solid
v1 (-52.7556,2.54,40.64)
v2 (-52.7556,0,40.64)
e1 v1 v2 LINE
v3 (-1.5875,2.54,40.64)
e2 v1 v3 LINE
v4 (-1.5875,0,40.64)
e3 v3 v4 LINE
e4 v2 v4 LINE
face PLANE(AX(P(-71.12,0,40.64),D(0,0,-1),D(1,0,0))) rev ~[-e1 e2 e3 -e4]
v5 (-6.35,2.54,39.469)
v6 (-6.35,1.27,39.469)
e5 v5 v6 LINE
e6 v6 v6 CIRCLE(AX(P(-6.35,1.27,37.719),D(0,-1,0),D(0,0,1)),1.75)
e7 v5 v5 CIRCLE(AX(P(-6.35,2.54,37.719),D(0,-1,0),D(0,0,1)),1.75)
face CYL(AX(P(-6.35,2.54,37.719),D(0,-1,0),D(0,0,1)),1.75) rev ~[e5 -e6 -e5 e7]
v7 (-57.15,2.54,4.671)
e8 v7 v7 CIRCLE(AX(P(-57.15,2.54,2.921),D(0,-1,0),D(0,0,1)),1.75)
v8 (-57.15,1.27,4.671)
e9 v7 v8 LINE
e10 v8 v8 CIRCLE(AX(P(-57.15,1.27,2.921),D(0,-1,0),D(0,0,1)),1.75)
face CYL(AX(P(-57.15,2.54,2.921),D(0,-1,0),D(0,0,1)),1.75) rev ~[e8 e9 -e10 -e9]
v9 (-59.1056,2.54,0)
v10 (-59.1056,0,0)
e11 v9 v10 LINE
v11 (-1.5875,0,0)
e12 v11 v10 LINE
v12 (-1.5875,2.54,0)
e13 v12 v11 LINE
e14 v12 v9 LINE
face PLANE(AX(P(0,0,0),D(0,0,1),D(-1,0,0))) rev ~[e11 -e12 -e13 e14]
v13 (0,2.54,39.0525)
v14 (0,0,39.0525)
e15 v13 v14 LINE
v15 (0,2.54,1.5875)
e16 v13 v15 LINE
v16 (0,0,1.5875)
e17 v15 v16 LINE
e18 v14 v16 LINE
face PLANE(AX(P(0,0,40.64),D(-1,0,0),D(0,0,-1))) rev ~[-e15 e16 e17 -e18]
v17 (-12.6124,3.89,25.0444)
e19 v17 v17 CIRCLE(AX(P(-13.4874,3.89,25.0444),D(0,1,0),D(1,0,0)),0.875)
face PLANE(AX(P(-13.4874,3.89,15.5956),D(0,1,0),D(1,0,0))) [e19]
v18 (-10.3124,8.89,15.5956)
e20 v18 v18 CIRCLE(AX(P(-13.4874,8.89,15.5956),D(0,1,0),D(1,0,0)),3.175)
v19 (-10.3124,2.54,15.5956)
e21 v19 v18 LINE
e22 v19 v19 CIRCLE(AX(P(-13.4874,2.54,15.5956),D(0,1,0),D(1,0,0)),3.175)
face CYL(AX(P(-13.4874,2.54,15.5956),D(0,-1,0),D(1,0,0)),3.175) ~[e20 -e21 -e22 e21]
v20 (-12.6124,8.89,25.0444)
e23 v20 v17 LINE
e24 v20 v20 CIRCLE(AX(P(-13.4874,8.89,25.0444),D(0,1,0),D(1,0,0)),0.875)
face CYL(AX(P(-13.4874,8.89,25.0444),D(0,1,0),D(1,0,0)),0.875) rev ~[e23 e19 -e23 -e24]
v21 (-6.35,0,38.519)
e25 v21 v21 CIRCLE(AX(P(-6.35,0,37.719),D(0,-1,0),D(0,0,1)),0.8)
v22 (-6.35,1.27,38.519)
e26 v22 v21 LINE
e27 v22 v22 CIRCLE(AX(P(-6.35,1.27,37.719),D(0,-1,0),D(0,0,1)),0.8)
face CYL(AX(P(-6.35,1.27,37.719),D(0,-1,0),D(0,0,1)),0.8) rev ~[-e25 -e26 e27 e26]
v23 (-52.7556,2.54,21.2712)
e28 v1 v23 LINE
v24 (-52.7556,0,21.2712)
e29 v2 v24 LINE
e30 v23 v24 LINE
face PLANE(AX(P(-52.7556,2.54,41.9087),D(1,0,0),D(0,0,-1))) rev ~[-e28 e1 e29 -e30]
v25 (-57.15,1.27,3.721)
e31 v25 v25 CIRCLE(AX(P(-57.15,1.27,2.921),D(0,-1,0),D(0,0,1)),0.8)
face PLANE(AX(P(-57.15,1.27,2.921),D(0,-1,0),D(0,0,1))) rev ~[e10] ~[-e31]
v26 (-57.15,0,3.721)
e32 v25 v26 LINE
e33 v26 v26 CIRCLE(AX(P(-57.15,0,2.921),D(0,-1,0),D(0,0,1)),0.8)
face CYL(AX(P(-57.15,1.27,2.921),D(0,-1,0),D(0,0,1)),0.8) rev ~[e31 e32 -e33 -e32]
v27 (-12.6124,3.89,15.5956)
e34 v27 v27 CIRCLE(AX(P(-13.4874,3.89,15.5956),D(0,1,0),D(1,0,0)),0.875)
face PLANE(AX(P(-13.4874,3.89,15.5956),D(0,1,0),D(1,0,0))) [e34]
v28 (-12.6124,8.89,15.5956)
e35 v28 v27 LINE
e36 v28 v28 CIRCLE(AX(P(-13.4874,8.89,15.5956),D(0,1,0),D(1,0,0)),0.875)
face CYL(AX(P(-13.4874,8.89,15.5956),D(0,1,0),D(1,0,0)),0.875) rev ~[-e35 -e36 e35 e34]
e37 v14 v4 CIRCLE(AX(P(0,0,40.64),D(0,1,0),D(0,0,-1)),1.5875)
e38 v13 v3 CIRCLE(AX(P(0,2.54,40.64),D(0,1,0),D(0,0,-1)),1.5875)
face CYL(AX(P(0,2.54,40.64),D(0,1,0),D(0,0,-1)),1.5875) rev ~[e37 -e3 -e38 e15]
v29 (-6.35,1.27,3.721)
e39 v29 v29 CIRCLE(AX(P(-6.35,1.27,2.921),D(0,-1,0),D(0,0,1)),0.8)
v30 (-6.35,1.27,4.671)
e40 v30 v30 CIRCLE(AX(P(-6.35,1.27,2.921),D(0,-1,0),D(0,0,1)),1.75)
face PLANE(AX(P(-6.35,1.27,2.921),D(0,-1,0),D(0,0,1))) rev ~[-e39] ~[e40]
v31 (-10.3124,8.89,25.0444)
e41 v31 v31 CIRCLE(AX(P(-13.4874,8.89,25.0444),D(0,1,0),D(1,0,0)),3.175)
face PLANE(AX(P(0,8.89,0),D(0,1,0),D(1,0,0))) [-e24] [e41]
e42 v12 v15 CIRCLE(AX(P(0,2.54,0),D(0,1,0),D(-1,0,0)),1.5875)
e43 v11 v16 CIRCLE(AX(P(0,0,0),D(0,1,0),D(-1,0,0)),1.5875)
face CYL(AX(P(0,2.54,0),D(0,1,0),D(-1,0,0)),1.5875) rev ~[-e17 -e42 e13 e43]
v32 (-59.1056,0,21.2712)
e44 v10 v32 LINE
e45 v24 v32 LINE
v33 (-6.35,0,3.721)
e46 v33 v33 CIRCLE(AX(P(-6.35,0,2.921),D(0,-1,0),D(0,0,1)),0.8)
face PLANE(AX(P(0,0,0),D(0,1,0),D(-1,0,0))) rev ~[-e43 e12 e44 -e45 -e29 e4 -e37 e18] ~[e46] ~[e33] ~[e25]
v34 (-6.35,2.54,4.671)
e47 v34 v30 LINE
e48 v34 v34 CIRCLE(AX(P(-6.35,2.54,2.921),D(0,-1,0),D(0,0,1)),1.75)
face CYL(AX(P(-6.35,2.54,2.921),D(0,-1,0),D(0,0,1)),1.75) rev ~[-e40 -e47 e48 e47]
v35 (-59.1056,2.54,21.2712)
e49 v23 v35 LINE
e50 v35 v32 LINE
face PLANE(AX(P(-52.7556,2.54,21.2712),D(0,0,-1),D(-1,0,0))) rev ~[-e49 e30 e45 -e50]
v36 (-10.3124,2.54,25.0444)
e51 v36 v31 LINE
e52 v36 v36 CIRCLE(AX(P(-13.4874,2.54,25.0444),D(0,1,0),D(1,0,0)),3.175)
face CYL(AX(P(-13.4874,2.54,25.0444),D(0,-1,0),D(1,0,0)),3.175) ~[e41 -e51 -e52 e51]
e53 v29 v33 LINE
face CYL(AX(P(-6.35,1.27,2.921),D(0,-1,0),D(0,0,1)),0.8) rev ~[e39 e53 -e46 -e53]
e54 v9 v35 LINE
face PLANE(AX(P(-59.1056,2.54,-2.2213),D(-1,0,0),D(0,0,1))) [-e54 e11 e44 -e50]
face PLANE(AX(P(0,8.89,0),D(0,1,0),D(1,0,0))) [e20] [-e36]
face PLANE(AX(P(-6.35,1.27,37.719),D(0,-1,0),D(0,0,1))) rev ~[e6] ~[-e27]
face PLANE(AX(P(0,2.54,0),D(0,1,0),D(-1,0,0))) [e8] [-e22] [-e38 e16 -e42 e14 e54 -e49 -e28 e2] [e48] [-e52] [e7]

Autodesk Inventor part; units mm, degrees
ref_plane "YZ Plane" through (0, 0, 0) normal (1, 0, 0) x (0, 1, 0)
ref_plane "XZ Plane" through (0, 0, 0) normal (0, 1, 0) x (-1, 0, 0)
ref_plane "XY Plane" through (0, 0, 0) normal (0, 0, 1) x (1, 0, 0)
sketch "Sketch1" plane through (0, 0, 0) normal (0, 1, 0) x (-1, 0, 0)
  line L0 (0, 0) -> (71.12, 0)
  line L1 (71.12, 0) -> (71.12, 40.64)
  line L2 (71.12, 40.64) -> (0, 40.64)
  line L3 (0, 40.64) -> (0, 0)
  dimension "d0" = 71.12
  dimension "d1" = 40.64
extrude "Extrusion1" add sketch "Sketch1" along normal blind 2.54
sketch "Sketch8" plane through (0, 2.54, 0) normal (0, 1, 0) x (1, 0, 0)
  line L0 (0, -40.64) -> (0, 0) projected
  circle A0 centre (-6.35, -37.719) radius 0.8
  circle A1 centre (-6.35, -2.921) radius 0.8
  circle A2 centre (-57.15, -2.921) radius 0.8
  circle A3 centre (-57.15, -37.719) radius 0.8
  dimension "d75" = 1.6
  dimension "d76" = 1.6
  dimension "d77" = 1.6
  dimension "d78" = 1.6
  dimension "d79" = 6.35
  dimension "d108" = 50.8
hole "Hole2" at (-57.15, 2.54, 2.921) at (-57.15, 2.54, 37.719) at (-6.35, 2.54, 37.719) at (-6.35, 2.54, 2.921) direction (0, -1, 0) diameter 1.6 end through all counterbore diameter 3.5 counterbore depth 1.27
sketch "Sketch9" plane through (0, 2.54, 0) normal (0, 1, 0) x (1, 0, 0)
  line L0 (0, 0) -> (-71.12, 0) projected
  line L1 (-71.12, 0) -> (-71.12, -40.64) projected
  line L2 (0, -40.64) -> (0, 0) projected
  arc A0 (0, -39.0525) -> (-1.5875, -40.64) centre (0, -40.64) ccw
  arc A1 (-1.5875, 0) -> (0, -1.5875) centre (0, 0) ccw
  arc A2 (-69.5325, -40.64) -> (-71.12, -39.0525) centre (-71.12, -40.64) ccw
  arc A3 (-71.12, -1.5875) -> (-69.5325, 0) centre (-71.12, 0) ccw
  line L3 (-1.5875, 0) -> (0, 0)
  line L4 (0, 0) -> (0, -1.5875)
  line L5 (0, -39.0525) -> (0, -40.64)
  line L6 (0, -40.64) -> (-1.5875, -40.64)
  line L7 (-69.5325, -40.64) -> (-71.12, -40.64)
  line L8 (-71.12, -40.64) -> (-71.12, -39.0525)
  line L9 (-69.5325, 0) -> (-71.12, 0)
  line L10 (-71.12, 0) -> (-71.12, -1.5875)
  point P0 (-69.85, -7.9375)
  dimension "d87" = 1.5875
  dimension "d89" = 1.5875
  dimension "d90" = 1.5875
  dimension "d91" = 1.5875
extrude "Extrusion9" cut sketch "Sketch9" against normal through all
sketch "Sketch10" plane through (0, 2.54, 0) normal (0, 1, 0) x (1, 0, 0)
  circle A0 centre (-13.4874, -15.5956) radius 3.175
  circle A1 centre (-13.4874, -25.0444) radius 3.175
  line L0 (0, -39.0525) -> (0, -1.5875) projected
  line L1 (-1.5875, 0) -> (-69.5325, 0) projected
  dimension "d95" = 6.35
  dimension "d96" = 6.35
  dimension "d122" = 13.4874
  dimension "d123" = 13.4874
  dimension "d125" = 9.4488
  dimension "d126" = 15.5956
extrude "Extrusion10" add sketch "Sketch10" along normal blind 6.35
sketch "Sketch11" plane through (-13.4874, 8.89, 15.5956) normal (0, 1, 0) x (1, 0, 0)
  circle A0 centre (0, 0) radius 3.175 projected
  circle A1 centre (0, -9.4488) radius 3.175 projected
  circle A2 centre (0, 0) radius 0.875
  circle A3 centre (0, -9.4488) radius 0.875
  line L0 (0, -12.6238) -> (17.5736, -12.6238)
  point P0 (13.4874, 15.5956)
  dimension "d106" = 1.75
  dimension "d107" = 1.75
sketch "Sketch12" plane through (0, 2.54, 0) normal (0, 1, 0) x (1, 0, 0)
  line L0 (-71.12, -1.5875) -> (-71.12, -39.0525) projected
  line L1 (-71.12, 2.2213) -> (-59.1056, 2.2213)
  line L2 (-59.1056, -41.9087) -> (-71.12, -41.9087)
  line L3 (-71.12, -41.9087) -> (-71.12, 2.2213)
  line L4 (0, -39.0525) -> (0, -1.5875) projected
  line L5 (-59.1056, -41.9087) -> (-52.7556, -41.9087)
  line L6 (-52.7556, -41.9087) -> (-52.7556, -21.2712)
  line L7 (-52.7556, -21.2712) -> (-59.1056, -21.2712)
  line L8 (-59.1056, 2.2213) -> (-59.1056, -21.2712)
  dimension "d128" = 20.6375
  dimension "d129" = 6.35
extrude "Extrusion11" cut sketch "Sketch12" against normal blind 25.4
extrude "Extrusion12" cut sketch "Sketch11" against normal blind 5 contours A2 | A3
properties part number "CustomBox_ardplate"
